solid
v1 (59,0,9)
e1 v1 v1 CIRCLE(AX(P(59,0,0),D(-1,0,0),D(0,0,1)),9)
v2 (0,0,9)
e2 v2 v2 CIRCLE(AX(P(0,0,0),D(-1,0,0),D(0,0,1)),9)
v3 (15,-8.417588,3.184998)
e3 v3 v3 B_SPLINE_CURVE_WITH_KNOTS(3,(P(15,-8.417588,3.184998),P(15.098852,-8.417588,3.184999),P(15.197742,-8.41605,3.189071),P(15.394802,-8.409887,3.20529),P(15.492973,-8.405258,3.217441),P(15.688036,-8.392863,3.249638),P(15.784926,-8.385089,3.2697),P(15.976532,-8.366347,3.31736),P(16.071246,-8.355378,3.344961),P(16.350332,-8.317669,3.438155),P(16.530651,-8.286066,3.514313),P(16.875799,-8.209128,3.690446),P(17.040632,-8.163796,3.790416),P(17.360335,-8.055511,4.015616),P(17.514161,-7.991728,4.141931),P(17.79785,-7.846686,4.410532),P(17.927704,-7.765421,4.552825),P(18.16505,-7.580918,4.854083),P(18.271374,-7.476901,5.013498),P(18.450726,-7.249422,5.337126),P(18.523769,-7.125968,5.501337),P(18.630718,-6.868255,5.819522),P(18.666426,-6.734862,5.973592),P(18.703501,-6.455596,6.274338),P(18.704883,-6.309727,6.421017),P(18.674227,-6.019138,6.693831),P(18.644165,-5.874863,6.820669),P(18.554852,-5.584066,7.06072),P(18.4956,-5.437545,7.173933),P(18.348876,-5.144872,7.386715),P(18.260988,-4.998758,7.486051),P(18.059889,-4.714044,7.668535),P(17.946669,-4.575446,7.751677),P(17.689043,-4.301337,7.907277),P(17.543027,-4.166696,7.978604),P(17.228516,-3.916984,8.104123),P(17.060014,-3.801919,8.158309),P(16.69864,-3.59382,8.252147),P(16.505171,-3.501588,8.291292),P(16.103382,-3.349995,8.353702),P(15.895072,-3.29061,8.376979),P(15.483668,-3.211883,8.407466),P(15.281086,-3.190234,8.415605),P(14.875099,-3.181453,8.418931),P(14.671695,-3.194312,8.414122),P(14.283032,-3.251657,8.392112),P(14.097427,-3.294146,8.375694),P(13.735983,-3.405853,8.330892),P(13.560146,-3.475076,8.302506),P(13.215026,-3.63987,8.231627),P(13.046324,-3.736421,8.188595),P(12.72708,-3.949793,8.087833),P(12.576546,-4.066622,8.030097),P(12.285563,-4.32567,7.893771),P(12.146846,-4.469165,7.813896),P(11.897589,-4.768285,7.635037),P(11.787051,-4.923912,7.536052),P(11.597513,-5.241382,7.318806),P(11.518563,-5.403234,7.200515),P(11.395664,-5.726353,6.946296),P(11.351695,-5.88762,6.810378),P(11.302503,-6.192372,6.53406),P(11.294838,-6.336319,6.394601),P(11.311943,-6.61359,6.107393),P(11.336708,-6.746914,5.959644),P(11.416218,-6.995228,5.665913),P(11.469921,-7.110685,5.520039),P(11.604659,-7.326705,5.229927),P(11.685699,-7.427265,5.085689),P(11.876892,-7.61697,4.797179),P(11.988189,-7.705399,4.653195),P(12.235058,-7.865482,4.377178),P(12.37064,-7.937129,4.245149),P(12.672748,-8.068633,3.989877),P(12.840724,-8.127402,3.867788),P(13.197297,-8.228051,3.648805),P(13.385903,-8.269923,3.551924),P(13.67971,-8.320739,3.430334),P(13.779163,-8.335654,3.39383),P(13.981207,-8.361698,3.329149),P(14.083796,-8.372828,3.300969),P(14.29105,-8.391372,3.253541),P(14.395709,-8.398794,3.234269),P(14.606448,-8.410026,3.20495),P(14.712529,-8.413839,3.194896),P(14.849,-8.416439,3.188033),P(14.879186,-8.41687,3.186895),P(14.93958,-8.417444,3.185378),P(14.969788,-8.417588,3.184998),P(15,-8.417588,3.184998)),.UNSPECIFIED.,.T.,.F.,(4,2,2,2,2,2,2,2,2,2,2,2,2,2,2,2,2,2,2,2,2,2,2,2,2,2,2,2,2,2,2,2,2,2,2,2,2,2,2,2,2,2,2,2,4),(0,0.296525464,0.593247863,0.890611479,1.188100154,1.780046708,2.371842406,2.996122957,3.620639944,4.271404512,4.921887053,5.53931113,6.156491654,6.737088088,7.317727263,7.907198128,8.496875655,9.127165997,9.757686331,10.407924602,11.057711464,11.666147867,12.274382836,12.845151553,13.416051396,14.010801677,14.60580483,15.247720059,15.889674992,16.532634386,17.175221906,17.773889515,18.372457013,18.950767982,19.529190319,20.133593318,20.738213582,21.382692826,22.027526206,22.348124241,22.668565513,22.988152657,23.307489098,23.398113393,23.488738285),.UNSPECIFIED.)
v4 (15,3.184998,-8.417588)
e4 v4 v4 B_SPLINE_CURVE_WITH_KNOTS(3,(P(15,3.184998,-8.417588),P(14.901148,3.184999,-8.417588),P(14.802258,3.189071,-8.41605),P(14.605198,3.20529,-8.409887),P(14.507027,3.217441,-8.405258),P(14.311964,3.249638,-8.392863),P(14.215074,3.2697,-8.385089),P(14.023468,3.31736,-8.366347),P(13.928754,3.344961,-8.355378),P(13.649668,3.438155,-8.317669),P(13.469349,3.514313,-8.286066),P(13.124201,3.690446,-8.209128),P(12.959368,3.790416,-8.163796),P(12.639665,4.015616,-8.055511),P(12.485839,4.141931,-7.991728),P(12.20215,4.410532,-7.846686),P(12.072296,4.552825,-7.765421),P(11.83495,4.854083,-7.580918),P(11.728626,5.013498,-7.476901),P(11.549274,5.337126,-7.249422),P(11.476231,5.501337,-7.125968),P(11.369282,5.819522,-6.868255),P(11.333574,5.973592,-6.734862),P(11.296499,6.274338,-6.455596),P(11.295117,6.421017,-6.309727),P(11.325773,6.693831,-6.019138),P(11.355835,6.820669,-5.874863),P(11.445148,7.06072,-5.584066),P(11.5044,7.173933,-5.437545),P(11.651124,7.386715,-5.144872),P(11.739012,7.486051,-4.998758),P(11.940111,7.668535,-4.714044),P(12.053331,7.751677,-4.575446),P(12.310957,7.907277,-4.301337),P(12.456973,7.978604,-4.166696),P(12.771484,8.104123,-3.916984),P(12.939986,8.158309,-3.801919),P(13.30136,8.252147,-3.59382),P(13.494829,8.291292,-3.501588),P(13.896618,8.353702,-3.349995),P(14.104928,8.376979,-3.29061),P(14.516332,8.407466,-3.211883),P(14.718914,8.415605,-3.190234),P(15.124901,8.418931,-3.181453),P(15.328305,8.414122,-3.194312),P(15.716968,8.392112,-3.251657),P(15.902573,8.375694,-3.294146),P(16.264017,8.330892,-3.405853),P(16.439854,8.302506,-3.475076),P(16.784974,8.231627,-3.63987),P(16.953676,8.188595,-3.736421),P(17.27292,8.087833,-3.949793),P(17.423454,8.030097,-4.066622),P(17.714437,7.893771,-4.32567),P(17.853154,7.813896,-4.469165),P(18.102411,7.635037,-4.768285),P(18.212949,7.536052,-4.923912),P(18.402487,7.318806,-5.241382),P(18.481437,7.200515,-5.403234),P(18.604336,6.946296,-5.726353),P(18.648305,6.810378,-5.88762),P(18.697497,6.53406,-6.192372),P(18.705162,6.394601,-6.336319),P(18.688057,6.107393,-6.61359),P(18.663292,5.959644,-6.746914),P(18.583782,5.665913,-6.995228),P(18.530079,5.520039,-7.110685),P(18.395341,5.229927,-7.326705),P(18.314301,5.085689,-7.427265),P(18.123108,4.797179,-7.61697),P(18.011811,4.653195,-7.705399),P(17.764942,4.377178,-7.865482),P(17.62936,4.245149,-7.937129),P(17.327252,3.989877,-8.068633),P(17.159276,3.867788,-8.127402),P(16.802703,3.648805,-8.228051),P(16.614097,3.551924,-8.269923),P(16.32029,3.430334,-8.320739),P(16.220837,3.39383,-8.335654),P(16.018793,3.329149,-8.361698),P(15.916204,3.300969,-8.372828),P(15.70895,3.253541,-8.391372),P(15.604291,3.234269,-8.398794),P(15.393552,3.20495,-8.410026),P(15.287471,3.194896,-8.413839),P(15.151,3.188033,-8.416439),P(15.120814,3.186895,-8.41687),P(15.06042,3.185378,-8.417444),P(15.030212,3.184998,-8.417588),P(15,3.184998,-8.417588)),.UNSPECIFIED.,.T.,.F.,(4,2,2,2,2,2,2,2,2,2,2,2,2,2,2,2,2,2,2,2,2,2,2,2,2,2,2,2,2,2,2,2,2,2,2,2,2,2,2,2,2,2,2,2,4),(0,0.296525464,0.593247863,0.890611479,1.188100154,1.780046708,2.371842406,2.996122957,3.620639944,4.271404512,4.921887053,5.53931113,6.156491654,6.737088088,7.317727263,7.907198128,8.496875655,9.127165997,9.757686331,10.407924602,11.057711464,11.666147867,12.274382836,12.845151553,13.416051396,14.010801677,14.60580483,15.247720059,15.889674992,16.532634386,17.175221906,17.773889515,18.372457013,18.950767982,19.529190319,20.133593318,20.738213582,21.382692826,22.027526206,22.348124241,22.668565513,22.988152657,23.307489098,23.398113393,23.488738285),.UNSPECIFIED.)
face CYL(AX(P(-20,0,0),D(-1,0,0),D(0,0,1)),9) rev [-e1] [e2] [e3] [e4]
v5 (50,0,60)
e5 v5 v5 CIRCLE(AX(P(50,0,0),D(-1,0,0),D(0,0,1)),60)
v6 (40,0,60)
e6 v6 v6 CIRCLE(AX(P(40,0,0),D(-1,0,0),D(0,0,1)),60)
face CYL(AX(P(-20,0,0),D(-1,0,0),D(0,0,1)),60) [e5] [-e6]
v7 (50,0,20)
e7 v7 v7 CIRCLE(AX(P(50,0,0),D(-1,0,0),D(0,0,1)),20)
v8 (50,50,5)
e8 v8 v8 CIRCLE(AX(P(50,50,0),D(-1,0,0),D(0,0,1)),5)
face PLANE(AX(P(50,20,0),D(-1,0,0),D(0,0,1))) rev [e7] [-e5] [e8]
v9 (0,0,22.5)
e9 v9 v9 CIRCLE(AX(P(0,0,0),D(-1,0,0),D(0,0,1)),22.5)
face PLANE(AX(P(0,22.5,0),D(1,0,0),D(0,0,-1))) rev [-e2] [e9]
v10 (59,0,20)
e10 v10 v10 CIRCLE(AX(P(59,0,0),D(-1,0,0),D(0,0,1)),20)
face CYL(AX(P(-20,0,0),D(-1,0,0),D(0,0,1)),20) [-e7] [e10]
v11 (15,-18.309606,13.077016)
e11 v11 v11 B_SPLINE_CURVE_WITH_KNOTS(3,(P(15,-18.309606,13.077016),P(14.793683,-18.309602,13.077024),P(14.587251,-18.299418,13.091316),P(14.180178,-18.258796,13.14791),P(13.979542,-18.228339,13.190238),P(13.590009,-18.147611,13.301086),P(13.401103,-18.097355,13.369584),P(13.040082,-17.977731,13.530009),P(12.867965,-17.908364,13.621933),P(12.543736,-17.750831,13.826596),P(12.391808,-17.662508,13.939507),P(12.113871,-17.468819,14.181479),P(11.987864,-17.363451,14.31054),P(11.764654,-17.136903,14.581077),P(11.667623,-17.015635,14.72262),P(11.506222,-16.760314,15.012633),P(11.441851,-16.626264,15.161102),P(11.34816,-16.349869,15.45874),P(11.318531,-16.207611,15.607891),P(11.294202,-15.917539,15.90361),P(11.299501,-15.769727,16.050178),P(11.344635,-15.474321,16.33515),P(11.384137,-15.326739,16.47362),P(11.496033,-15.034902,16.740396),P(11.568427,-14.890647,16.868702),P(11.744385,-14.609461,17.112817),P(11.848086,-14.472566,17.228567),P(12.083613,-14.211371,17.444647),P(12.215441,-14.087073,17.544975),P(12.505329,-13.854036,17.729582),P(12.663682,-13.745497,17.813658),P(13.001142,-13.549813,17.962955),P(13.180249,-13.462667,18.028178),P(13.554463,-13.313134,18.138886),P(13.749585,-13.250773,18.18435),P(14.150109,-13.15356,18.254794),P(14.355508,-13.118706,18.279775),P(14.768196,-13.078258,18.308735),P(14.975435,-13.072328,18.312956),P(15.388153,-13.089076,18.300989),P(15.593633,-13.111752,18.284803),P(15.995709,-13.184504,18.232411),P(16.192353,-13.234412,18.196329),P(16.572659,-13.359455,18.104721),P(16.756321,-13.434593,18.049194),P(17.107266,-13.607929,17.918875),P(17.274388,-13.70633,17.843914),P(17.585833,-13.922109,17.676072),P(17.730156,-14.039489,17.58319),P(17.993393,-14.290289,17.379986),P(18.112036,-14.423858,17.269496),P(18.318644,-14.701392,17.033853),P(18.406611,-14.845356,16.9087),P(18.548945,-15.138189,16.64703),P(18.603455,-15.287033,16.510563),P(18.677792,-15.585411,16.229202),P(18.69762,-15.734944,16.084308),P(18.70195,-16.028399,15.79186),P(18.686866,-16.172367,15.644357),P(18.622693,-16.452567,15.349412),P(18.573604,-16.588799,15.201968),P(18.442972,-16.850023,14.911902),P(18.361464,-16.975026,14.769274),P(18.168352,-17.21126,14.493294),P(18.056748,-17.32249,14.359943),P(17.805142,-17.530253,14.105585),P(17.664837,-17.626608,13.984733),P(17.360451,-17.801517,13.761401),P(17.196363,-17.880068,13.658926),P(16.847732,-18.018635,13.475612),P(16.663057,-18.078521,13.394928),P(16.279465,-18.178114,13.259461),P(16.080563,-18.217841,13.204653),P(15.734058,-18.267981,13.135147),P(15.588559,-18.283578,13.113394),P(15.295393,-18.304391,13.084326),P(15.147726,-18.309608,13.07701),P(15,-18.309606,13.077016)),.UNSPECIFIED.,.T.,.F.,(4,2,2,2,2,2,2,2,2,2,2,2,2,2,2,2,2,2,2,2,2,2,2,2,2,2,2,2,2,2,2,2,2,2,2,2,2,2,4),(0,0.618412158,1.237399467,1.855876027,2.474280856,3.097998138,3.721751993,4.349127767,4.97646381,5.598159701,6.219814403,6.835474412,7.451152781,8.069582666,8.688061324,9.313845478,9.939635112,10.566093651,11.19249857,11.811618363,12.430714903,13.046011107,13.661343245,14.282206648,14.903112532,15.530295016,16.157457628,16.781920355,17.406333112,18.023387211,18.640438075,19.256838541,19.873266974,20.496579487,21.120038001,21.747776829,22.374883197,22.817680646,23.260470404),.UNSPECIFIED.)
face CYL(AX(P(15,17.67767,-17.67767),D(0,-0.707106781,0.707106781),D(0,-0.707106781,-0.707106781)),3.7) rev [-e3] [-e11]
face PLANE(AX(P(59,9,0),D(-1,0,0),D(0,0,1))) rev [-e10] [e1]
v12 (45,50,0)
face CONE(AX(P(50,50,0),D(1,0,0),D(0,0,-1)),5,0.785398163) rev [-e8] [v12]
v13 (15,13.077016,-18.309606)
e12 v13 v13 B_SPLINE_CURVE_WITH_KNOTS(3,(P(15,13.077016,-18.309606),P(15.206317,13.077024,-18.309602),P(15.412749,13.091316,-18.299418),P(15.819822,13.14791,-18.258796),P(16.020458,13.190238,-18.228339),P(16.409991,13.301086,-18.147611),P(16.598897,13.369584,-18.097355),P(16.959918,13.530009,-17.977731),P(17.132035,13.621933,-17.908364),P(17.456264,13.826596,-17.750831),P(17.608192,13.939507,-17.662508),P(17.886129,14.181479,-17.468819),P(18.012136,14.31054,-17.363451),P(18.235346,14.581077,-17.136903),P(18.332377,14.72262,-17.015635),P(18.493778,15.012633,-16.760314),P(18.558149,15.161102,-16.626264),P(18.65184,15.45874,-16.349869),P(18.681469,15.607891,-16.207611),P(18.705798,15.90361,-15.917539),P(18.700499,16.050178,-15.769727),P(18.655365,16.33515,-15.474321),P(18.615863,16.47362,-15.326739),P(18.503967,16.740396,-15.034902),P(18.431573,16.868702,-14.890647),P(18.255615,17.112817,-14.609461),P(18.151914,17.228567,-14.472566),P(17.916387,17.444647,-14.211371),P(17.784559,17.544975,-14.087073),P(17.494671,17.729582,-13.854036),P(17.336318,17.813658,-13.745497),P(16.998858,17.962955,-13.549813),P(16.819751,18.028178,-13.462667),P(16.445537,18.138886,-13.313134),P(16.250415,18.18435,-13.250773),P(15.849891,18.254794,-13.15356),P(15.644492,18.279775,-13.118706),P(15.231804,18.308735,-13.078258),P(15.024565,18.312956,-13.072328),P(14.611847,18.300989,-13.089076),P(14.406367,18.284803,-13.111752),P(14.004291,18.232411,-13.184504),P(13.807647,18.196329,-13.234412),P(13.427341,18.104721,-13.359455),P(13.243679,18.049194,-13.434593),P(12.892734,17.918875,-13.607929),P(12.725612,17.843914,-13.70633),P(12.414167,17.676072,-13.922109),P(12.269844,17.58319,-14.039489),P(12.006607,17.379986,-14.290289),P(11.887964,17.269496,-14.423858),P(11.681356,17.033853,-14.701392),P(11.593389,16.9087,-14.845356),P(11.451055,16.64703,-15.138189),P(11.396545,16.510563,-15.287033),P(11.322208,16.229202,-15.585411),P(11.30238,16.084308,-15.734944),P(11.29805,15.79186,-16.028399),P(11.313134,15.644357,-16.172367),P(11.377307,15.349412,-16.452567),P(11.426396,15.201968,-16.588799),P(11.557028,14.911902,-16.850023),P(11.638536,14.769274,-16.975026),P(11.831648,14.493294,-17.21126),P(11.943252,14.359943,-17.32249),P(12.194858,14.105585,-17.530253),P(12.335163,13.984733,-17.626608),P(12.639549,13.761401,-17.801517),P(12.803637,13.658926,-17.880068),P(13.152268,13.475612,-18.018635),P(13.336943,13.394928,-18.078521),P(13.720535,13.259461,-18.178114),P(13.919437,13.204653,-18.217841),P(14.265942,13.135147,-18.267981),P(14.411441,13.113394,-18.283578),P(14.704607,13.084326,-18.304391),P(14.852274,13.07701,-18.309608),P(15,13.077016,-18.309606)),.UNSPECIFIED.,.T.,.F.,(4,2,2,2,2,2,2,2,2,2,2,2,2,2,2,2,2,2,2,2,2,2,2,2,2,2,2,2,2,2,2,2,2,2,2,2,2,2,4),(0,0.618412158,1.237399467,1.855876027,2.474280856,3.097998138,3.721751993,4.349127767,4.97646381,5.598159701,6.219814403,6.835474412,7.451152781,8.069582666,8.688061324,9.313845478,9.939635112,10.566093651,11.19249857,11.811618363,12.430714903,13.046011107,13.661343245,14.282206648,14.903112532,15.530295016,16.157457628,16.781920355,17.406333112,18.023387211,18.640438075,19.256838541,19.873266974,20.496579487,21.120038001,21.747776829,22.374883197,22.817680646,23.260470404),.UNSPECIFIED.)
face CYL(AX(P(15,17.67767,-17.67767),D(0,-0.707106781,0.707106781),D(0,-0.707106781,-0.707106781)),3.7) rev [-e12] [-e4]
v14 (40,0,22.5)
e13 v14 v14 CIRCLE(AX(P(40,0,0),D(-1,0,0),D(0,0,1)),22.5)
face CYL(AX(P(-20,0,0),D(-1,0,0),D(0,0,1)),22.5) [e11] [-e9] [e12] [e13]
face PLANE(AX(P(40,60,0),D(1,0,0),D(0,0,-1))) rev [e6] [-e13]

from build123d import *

# Parameters (mm, degrees)
ESQUISSE4_R             = 3.7
ENL_V_MAT_EXTRU_2_DEPTH = 25


with BuildPart() as part:
    # Esquisse1 → Base-Révolution (revolve)
    with BuildSketch(Plane.XY, mode=Mode.PRIVATE) as base_r_volution_sk:
        Polygon((0, 9), (59, 9), (59, 20), (50, 20), (50, 60), (40, 60), (40, 22.5), (0, 22.5), align=None)
    revolve(base_r_volution_sk.sketch.rotate(Axis((-20, 0, 0), (1, 0, 0)), 90), axis=Axis((-20, 0, 0), (1, 0, 0)))

    # Esquisse2 → Enlèvement de matière-Révolution1 (revolve, cut)
    with BuildSketch(Plane.XY, mode=Mode.PRIVATE) as enl_vement_de_mati_re_r_volution1_sk:
        Polygon((45, 50), (50, 55), (50, 50), align=None)
    revolve(enl_vement_de_mati_re_r_volution1_sk.sketch.rotate(Axis((21.308708687, 50, 0), (1, 0, 0)), 270), axis=Axis((21.308708687, 50, 0), (1, 0, 0)), mode=Mode.SUBTRACT)

    # Esquisse4 → Enlèv. mat.-Extru.2 (cut, symmetric)
    with BuildSketch(Plane(origin=(0, 0, 0), x_dir=(1, 0, 0), z_dir=(0, -0.7071067811865488, 0.7071067811865462))):
        with Locations(Location((15, 0, 0), (0, 0, 270))):
            Circle(ESQUISSE4_R)
    extrude(amount=ENL_V_MAT_EXTRU_2_DEPTH, both=True, mode=Mode.SUBTRACT)


solid = part.part
